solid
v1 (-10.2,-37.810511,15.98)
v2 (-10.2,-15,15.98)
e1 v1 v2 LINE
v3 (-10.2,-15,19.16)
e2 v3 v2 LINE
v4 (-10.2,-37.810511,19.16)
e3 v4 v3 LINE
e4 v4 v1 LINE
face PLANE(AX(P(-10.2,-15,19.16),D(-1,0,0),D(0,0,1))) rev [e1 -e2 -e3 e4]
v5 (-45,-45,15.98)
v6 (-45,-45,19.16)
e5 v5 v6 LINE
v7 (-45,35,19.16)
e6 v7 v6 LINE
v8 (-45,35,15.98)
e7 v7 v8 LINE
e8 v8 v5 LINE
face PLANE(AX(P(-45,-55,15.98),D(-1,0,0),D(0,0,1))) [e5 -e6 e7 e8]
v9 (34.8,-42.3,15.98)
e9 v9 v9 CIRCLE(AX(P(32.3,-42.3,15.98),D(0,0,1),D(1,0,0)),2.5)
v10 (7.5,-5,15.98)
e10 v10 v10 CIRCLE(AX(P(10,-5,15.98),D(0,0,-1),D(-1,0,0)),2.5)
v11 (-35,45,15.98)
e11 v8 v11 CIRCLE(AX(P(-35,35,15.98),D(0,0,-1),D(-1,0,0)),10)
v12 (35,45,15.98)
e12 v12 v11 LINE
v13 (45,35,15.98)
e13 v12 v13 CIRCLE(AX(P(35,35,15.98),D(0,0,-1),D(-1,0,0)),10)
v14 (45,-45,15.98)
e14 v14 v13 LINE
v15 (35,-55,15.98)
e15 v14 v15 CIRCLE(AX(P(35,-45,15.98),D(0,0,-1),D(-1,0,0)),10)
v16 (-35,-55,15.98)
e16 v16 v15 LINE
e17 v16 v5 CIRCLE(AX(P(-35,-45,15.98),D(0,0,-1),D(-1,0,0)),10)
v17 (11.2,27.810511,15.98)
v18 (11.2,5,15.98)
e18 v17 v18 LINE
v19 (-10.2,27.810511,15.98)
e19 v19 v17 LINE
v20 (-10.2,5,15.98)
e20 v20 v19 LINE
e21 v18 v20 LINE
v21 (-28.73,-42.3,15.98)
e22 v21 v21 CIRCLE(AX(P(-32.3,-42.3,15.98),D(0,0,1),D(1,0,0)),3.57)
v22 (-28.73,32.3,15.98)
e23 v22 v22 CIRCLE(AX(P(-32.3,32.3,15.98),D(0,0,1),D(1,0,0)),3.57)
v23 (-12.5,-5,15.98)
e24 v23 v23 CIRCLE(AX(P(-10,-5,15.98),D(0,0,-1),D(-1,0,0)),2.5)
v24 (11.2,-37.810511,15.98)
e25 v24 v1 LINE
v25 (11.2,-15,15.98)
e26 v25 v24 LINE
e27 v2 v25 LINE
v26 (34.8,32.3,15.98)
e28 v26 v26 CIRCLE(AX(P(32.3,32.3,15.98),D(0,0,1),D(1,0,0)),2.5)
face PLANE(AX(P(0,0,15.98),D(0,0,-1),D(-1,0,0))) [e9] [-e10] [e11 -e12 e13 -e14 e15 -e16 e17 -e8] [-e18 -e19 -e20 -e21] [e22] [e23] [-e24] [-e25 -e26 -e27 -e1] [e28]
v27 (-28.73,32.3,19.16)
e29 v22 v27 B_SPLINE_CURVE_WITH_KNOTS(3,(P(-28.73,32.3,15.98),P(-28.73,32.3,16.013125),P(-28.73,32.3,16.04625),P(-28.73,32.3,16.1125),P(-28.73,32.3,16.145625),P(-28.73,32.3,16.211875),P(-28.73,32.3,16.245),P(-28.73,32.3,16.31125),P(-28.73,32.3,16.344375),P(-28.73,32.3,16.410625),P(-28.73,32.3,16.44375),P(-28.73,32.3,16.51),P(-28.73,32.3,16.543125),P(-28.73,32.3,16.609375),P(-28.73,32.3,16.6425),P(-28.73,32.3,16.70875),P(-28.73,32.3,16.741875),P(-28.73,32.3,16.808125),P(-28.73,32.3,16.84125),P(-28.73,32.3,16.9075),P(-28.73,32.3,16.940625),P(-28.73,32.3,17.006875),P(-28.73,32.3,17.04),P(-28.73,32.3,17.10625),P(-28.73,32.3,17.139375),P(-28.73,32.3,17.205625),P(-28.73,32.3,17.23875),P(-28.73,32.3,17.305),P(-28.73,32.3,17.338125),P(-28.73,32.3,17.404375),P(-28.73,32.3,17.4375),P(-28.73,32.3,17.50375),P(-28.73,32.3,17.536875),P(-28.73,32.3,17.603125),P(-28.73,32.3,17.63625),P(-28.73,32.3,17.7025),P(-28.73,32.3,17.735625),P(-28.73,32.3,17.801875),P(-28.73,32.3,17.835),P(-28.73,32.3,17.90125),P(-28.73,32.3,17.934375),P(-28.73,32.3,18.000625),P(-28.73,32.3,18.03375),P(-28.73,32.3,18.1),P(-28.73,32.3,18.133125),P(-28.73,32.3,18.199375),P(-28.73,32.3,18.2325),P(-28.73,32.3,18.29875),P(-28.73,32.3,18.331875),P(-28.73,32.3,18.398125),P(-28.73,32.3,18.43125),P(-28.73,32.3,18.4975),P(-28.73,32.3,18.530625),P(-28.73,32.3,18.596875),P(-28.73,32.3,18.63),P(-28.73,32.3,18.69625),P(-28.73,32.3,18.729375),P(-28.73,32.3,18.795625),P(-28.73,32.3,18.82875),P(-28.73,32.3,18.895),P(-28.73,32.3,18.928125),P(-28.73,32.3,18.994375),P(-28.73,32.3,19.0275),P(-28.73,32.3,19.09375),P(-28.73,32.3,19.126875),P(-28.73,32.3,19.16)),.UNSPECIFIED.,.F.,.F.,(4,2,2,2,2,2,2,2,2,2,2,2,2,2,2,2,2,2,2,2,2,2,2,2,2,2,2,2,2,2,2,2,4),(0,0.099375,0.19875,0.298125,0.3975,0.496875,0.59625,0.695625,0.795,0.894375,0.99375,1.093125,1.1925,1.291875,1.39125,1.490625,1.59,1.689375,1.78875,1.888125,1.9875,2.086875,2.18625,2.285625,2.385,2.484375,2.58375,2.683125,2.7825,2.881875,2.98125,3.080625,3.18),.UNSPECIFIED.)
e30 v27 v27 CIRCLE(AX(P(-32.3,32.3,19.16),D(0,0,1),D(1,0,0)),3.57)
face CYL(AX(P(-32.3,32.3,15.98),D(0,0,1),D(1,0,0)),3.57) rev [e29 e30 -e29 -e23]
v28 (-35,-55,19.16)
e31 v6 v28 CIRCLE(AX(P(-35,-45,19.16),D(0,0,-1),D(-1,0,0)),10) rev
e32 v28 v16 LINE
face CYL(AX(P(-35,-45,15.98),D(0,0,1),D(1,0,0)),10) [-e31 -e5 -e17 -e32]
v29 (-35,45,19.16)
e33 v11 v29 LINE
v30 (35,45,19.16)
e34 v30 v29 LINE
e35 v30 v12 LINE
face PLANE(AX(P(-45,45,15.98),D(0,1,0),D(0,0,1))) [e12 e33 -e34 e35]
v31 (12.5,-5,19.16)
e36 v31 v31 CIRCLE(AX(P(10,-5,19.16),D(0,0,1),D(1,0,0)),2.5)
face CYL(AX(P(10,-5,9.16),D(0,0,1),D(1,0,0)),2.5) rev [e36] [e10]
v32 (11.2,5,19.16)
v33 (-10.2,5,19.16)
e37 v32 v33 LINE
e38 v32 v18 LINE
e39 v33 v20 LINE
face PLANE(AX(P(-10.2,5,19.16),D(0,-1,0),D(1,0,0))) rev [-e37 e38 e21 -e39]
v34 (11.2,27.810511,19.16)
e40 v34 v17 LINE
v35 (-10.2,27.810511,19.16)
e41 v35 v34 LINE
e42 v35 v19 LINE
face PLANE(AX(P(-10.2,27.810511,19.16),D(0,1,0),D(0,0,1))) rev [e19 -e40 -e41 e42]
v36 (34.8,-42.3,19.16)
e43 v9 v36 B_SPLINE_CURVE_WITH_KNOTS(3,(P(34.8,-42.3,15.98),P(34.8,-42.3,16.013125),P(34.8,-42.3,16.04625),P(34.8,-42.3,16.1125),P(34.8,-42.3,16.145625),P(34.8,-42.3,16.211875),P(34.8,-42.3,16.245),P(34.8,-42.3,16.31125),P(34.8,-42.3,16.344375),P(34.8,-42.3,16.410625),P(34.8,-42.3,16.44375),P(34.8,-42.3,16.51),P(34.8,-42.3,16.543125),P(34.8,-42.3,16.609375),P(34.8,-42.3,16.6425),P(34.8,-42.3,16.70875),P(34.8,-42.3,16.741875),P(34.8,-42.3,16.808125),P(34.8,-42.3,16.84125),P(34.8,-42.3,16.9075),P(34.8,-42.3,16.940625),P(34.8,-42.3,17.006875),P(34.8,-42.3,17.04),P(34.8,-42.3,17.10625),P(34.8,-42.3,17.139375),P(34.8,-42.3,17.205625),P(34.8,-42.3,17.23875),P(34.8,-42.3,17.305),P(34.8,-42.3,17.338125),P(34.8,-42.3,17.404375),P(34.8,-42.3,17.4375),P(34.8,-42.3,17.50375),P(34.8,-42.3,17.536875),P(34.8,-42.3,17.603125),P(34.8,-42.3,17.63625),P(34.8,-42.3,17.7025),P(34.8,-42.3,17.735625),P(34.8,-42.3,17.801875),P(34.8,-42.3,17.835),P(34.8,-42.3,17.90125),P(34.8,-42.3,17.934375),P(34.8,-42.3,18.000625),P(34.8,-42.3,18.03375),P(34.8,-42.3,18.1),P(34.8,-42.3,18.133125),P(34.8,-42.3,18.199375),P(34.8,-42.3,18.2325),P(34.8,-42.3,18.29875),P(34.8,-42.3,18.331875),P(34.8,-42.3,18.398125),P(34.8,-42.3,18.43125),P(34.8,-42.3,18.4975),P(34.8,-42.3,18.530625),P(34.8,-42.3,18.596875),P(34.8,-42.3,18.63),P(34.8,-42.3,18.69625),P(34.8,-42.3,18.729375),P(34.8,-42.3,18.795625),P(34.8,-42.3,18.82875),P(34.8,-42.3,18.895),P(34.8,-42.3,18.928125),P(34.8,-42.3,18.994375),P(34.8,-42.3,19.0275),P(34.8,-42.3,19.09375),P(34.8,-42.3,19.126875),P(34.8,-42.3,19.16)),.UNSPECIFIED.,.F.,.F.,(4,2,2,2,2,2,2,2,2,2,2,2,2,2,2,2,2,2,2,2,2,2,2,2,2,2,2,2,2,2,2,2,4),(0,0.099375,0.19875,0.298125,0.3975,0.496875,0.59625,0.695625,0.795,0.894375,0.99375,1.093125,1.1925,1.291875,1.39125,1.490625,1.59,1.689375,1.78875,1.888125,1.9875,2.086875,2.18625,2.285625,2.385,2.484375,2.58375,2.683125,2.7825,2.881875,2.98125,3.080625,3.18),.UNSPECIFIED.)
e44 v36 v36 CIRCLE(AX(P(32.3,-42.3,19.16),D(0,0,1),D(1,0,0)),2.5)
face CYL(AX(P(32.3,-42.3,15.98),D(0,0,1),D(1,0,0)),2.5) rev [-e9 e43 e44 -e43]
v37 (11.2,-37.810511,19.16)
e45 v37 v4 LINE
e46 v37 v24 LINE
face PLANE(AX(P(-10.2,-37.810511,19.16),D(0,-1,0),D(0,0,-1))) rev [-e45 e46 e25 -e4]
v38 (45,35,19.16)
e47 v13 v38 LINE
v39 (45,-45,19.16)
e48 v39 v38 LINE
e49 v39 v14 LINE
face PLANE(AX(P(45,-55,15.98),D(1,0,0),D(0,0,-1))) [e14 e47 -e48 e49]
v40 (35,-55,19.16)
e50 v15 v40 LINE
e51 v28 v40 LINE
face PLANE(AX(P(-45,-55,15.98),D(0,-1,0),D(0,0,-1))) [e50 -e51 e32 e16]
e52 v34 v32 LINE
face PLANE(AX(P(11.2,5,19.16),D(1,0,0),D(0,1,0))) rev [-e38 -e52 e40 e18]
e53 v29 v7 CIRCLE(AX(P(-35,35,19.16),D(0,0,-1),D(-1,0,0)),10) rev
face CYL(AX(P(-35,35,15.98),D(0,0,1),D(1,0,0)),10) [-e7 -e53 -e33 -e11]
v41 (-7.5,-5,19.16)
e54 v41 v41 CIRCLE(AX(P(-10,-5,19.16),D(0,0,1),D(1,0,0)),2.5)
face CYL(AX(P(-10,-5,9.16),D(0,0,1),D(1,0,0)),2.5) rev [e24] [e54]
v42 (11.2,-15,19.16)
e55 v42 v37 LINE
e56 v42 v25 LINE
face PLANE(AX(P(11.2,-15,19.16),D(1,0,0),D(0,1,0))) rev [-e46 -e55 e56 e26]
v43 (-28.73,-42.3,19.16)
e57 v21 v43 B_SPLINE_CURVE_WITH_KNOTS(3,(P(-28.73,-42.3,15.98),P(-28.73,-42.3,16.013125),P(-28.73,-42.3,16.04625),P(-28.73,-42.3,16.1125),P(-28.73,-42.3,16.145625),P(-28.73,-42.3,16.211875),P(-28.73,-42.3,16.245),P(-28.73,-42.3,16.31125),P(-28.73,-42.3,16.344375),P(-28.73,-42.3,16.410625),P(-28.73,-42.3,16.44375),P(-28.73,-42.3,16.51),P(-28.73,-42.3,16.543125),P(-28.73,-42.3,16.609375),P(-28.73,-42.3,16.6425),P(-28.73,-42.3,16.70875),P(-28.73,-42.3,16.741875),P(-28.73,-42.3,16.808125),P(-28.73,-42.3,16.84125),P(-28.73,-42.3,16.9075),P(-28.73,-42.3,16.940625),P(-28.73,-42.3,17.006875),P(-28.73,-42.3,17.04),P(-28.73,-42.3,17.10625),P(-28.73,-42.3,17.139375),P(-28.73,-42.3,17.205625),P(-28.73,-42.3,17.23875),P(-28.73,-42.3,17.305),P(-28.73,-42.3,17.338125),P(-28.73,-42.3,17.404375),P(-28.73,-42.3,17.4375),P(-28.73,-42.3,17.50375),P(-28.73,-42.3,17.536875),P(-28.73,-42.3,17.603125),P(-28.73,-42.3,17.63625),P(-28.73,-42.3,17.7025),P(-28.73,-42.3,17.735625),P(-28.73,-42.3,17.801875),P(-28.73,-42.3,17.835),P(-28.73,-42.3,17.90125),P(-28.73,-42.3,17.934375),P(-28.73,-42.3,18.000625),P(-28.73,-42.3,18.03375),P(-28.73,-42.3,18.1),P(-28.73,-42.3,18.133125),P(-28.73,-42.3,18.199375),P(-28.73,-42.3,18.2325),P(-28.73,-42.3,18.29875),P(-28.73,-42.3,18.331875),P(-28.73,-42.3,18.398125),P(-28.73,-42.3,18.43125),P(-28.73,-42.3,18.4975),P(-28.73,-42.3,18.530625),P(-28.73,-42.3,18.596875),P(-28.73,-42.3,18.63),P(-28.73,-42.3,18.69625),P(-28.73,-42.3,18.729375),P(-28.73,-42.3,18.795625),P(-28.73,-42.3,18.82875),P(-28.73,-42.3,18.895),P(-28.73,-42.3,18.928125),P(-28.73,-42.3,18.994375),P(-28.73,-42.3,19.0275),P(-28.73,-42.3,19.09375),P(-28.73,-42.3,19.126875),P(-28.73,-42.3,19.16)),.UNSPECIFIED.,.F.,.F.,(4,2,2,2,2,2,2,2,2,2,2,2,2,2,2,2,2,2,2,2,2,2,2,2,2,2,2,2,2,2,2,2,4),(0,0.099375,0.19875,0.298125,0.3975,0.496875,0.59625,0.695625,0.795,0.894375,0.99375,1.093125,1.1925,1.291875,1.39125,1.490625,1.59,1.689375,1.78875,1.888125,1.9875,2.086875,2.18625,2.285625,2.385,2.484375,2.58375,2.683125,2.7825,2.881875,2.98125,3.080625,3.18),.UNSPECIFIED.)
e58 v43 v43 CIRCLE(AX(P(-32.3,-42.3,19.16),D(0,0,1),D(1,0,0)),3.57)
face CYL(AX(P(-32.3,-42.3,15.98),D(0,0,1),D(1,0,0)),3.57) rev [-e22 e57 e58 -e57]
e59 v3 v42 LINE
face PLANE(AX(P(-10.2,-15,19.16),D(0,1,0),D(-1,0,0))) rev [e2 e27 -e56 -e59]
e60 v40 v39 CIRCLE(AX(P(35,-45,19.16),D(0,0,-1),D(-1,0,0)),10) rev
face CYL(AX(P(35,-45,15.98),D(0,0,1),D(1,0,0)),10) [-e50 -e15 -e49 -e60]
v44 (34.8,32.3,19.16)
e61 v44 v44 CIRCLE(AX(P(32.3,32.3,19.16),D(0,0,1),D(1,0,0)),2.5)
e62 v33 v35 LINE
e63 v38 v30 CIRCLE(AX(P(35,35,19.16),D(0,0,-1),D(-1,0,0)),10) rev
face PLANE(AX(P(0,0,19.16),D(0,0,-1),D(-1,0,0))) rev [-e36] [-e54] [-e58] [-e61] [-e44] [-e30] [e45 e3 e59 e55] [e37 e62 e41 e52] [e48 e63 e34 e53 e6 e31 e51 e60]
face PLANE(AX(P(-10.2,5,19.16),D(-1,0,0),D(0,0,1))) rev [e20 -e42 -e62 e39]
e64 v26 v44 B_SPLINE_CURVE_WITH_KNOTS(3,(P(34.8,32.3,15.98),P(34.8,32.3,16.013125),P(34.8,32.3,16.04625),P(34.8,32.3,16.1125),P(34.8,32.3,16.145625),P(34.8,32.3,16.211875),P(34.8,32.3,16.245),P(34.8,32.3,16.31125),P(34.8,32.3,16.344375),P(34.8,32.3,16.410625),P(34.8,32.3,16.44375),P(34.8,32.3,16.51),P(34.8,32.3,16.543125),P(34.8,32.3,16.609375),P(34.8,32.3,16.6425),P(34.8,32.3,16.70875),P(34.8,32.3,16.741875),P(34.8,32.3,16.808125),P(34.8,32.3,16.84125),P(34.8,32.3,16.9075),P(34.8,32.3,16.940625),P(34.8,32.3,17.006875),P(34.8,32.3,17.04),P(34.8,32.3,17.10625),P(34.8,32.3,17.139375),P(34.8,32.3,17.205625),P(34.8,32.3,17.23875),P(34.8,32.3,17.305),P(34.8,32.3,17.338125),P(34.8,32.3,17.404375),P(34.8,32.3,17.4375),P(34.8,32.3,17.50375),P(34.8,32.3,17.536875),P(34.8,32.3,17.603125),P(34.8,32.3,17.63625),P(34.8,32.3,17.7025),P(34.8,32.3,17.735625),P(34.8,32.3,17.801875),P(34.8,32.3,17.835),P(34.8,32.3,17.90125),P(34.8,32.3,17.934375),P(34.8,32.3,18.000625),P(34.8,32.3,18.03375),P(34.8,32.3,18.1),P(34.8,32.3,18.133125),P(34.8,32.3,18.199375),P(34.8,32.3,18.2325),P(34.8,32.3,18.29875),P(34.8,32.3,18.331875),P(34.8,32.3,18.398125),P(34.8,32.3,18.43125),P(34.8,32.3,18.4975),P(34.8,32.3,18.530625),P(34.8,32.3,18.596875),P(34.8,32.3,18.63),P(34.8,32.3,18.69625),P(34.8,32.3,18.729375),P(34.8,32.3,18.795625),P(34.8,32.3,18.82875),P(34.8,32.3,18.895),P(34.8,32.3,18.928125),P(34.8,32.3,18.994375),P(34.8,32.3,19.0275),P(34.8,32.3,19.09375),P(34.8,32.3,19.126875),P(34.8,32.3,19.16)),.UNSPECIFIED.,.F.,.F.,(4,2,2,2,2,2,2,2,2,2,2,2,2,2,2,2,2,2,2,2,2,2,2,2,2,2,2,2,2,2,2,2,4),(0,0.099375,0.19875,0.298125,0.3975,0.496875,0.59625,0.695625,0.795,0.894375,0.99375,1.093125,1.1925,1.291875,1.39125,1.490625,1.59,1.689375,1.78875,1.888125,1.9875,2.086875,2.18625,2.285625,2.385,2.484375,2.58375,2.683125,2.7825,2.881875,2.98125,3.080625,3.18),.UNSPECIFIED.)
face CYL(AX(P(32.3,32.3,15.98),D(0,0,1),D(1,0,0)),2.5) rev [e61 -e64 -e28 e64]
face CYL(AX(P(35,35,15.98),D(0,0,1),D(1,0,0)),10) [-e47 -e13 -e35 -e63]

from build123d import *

# Parameters (mm, degrees)
BOSS_EXTRUDE1_START = 19.16
SKETCH1_W           = 90
SKETCH1_H           = 100
SKETCH1_R           = 2.5
SKETCH1_R_2         = 3.57
BOSS_EXTRUDE1_DEPTH = 3.18
FILLET1_R           = 10
SKETCH2_R           = 2.5
CUT_EXTRUDE1_DEPTH  = 10
SKETCH3_W           = 21.4
SKETCH3_H           = 22.810510703
CUT_EXTRUDE2_DEPTH  = 72.134467033


with BuildPart() as part:
    # Sketch1 → Boss-Extrude1 (new body)
    with BuildSketch(Plane.XY.offset(BOSS_EXTRUDE1_START)):
        with Locations((0, -5)):
            Rectangle(SKETCH1_W, SKETCH1_H)
        with Locations((32.3, -42.3)):
            Circle(SKETCH1_R, mode=Mode.SUBTRACT)
        with Locations((-32.3, -42.3)):
            Circle(SKETCH1_R_2, mode=Mode.SUBTRACT)
        with Locations((-32.3, 32.3)):
            Circle(SKETCH1_R_2, mode=Mode.SUBTRACT)
        with Locations((32.3, 32.3)):
            Circle(SKETCH1_R, mode=Mode.SUBTRACT)
    extrude(amount=-BOSS_EXTRUDE1_DEPTH)

    # Fillet1
    fillet1_edges = [part.edges().sort_by_distance(p)[0] for p in [
        (-45, 45, 17.57),
        (45, 45, 17.57),
        (45, -55, 17.57),
        (-45, -55, 17.57),
    ]]
    fillet(fillet1_edges, radius=FILLET1_R)

    # Sketch2 → Cut-Extrude1 (cut)
    with BuildSketch(Plane.XY.offset(19.16)):
        with Locations((10, -5)):
            Circle(SKETCH2_R)
        with Locations((-10, -5)):
            Circle(SKETCH2_R)
    extrude(amount=-CUT_EXTRUDE1_DEPTH, mode=Mode.SUBTRACT)

    # Sketch3 → Cut-Extrude2 (cut, through all)
    with BuildSketch(Plane(origin=(0, 0, 15.98), x_dir=(-1, 0, 0), z_dir=(0, 0, -1))):
        with Locations((-0.5, 16.405255352)):
            Rectangle(SKETCH3_W, SKETCH3_H)
        with Locations((-0.5, -26.405255352)):
            Rectangle(SKETCH3_W, SKETCH3_H)
    extrude(amount=-CUT_EXTRUDE2_DEPTH, mode=Mode.SUBTRACT)


solid = part.part
